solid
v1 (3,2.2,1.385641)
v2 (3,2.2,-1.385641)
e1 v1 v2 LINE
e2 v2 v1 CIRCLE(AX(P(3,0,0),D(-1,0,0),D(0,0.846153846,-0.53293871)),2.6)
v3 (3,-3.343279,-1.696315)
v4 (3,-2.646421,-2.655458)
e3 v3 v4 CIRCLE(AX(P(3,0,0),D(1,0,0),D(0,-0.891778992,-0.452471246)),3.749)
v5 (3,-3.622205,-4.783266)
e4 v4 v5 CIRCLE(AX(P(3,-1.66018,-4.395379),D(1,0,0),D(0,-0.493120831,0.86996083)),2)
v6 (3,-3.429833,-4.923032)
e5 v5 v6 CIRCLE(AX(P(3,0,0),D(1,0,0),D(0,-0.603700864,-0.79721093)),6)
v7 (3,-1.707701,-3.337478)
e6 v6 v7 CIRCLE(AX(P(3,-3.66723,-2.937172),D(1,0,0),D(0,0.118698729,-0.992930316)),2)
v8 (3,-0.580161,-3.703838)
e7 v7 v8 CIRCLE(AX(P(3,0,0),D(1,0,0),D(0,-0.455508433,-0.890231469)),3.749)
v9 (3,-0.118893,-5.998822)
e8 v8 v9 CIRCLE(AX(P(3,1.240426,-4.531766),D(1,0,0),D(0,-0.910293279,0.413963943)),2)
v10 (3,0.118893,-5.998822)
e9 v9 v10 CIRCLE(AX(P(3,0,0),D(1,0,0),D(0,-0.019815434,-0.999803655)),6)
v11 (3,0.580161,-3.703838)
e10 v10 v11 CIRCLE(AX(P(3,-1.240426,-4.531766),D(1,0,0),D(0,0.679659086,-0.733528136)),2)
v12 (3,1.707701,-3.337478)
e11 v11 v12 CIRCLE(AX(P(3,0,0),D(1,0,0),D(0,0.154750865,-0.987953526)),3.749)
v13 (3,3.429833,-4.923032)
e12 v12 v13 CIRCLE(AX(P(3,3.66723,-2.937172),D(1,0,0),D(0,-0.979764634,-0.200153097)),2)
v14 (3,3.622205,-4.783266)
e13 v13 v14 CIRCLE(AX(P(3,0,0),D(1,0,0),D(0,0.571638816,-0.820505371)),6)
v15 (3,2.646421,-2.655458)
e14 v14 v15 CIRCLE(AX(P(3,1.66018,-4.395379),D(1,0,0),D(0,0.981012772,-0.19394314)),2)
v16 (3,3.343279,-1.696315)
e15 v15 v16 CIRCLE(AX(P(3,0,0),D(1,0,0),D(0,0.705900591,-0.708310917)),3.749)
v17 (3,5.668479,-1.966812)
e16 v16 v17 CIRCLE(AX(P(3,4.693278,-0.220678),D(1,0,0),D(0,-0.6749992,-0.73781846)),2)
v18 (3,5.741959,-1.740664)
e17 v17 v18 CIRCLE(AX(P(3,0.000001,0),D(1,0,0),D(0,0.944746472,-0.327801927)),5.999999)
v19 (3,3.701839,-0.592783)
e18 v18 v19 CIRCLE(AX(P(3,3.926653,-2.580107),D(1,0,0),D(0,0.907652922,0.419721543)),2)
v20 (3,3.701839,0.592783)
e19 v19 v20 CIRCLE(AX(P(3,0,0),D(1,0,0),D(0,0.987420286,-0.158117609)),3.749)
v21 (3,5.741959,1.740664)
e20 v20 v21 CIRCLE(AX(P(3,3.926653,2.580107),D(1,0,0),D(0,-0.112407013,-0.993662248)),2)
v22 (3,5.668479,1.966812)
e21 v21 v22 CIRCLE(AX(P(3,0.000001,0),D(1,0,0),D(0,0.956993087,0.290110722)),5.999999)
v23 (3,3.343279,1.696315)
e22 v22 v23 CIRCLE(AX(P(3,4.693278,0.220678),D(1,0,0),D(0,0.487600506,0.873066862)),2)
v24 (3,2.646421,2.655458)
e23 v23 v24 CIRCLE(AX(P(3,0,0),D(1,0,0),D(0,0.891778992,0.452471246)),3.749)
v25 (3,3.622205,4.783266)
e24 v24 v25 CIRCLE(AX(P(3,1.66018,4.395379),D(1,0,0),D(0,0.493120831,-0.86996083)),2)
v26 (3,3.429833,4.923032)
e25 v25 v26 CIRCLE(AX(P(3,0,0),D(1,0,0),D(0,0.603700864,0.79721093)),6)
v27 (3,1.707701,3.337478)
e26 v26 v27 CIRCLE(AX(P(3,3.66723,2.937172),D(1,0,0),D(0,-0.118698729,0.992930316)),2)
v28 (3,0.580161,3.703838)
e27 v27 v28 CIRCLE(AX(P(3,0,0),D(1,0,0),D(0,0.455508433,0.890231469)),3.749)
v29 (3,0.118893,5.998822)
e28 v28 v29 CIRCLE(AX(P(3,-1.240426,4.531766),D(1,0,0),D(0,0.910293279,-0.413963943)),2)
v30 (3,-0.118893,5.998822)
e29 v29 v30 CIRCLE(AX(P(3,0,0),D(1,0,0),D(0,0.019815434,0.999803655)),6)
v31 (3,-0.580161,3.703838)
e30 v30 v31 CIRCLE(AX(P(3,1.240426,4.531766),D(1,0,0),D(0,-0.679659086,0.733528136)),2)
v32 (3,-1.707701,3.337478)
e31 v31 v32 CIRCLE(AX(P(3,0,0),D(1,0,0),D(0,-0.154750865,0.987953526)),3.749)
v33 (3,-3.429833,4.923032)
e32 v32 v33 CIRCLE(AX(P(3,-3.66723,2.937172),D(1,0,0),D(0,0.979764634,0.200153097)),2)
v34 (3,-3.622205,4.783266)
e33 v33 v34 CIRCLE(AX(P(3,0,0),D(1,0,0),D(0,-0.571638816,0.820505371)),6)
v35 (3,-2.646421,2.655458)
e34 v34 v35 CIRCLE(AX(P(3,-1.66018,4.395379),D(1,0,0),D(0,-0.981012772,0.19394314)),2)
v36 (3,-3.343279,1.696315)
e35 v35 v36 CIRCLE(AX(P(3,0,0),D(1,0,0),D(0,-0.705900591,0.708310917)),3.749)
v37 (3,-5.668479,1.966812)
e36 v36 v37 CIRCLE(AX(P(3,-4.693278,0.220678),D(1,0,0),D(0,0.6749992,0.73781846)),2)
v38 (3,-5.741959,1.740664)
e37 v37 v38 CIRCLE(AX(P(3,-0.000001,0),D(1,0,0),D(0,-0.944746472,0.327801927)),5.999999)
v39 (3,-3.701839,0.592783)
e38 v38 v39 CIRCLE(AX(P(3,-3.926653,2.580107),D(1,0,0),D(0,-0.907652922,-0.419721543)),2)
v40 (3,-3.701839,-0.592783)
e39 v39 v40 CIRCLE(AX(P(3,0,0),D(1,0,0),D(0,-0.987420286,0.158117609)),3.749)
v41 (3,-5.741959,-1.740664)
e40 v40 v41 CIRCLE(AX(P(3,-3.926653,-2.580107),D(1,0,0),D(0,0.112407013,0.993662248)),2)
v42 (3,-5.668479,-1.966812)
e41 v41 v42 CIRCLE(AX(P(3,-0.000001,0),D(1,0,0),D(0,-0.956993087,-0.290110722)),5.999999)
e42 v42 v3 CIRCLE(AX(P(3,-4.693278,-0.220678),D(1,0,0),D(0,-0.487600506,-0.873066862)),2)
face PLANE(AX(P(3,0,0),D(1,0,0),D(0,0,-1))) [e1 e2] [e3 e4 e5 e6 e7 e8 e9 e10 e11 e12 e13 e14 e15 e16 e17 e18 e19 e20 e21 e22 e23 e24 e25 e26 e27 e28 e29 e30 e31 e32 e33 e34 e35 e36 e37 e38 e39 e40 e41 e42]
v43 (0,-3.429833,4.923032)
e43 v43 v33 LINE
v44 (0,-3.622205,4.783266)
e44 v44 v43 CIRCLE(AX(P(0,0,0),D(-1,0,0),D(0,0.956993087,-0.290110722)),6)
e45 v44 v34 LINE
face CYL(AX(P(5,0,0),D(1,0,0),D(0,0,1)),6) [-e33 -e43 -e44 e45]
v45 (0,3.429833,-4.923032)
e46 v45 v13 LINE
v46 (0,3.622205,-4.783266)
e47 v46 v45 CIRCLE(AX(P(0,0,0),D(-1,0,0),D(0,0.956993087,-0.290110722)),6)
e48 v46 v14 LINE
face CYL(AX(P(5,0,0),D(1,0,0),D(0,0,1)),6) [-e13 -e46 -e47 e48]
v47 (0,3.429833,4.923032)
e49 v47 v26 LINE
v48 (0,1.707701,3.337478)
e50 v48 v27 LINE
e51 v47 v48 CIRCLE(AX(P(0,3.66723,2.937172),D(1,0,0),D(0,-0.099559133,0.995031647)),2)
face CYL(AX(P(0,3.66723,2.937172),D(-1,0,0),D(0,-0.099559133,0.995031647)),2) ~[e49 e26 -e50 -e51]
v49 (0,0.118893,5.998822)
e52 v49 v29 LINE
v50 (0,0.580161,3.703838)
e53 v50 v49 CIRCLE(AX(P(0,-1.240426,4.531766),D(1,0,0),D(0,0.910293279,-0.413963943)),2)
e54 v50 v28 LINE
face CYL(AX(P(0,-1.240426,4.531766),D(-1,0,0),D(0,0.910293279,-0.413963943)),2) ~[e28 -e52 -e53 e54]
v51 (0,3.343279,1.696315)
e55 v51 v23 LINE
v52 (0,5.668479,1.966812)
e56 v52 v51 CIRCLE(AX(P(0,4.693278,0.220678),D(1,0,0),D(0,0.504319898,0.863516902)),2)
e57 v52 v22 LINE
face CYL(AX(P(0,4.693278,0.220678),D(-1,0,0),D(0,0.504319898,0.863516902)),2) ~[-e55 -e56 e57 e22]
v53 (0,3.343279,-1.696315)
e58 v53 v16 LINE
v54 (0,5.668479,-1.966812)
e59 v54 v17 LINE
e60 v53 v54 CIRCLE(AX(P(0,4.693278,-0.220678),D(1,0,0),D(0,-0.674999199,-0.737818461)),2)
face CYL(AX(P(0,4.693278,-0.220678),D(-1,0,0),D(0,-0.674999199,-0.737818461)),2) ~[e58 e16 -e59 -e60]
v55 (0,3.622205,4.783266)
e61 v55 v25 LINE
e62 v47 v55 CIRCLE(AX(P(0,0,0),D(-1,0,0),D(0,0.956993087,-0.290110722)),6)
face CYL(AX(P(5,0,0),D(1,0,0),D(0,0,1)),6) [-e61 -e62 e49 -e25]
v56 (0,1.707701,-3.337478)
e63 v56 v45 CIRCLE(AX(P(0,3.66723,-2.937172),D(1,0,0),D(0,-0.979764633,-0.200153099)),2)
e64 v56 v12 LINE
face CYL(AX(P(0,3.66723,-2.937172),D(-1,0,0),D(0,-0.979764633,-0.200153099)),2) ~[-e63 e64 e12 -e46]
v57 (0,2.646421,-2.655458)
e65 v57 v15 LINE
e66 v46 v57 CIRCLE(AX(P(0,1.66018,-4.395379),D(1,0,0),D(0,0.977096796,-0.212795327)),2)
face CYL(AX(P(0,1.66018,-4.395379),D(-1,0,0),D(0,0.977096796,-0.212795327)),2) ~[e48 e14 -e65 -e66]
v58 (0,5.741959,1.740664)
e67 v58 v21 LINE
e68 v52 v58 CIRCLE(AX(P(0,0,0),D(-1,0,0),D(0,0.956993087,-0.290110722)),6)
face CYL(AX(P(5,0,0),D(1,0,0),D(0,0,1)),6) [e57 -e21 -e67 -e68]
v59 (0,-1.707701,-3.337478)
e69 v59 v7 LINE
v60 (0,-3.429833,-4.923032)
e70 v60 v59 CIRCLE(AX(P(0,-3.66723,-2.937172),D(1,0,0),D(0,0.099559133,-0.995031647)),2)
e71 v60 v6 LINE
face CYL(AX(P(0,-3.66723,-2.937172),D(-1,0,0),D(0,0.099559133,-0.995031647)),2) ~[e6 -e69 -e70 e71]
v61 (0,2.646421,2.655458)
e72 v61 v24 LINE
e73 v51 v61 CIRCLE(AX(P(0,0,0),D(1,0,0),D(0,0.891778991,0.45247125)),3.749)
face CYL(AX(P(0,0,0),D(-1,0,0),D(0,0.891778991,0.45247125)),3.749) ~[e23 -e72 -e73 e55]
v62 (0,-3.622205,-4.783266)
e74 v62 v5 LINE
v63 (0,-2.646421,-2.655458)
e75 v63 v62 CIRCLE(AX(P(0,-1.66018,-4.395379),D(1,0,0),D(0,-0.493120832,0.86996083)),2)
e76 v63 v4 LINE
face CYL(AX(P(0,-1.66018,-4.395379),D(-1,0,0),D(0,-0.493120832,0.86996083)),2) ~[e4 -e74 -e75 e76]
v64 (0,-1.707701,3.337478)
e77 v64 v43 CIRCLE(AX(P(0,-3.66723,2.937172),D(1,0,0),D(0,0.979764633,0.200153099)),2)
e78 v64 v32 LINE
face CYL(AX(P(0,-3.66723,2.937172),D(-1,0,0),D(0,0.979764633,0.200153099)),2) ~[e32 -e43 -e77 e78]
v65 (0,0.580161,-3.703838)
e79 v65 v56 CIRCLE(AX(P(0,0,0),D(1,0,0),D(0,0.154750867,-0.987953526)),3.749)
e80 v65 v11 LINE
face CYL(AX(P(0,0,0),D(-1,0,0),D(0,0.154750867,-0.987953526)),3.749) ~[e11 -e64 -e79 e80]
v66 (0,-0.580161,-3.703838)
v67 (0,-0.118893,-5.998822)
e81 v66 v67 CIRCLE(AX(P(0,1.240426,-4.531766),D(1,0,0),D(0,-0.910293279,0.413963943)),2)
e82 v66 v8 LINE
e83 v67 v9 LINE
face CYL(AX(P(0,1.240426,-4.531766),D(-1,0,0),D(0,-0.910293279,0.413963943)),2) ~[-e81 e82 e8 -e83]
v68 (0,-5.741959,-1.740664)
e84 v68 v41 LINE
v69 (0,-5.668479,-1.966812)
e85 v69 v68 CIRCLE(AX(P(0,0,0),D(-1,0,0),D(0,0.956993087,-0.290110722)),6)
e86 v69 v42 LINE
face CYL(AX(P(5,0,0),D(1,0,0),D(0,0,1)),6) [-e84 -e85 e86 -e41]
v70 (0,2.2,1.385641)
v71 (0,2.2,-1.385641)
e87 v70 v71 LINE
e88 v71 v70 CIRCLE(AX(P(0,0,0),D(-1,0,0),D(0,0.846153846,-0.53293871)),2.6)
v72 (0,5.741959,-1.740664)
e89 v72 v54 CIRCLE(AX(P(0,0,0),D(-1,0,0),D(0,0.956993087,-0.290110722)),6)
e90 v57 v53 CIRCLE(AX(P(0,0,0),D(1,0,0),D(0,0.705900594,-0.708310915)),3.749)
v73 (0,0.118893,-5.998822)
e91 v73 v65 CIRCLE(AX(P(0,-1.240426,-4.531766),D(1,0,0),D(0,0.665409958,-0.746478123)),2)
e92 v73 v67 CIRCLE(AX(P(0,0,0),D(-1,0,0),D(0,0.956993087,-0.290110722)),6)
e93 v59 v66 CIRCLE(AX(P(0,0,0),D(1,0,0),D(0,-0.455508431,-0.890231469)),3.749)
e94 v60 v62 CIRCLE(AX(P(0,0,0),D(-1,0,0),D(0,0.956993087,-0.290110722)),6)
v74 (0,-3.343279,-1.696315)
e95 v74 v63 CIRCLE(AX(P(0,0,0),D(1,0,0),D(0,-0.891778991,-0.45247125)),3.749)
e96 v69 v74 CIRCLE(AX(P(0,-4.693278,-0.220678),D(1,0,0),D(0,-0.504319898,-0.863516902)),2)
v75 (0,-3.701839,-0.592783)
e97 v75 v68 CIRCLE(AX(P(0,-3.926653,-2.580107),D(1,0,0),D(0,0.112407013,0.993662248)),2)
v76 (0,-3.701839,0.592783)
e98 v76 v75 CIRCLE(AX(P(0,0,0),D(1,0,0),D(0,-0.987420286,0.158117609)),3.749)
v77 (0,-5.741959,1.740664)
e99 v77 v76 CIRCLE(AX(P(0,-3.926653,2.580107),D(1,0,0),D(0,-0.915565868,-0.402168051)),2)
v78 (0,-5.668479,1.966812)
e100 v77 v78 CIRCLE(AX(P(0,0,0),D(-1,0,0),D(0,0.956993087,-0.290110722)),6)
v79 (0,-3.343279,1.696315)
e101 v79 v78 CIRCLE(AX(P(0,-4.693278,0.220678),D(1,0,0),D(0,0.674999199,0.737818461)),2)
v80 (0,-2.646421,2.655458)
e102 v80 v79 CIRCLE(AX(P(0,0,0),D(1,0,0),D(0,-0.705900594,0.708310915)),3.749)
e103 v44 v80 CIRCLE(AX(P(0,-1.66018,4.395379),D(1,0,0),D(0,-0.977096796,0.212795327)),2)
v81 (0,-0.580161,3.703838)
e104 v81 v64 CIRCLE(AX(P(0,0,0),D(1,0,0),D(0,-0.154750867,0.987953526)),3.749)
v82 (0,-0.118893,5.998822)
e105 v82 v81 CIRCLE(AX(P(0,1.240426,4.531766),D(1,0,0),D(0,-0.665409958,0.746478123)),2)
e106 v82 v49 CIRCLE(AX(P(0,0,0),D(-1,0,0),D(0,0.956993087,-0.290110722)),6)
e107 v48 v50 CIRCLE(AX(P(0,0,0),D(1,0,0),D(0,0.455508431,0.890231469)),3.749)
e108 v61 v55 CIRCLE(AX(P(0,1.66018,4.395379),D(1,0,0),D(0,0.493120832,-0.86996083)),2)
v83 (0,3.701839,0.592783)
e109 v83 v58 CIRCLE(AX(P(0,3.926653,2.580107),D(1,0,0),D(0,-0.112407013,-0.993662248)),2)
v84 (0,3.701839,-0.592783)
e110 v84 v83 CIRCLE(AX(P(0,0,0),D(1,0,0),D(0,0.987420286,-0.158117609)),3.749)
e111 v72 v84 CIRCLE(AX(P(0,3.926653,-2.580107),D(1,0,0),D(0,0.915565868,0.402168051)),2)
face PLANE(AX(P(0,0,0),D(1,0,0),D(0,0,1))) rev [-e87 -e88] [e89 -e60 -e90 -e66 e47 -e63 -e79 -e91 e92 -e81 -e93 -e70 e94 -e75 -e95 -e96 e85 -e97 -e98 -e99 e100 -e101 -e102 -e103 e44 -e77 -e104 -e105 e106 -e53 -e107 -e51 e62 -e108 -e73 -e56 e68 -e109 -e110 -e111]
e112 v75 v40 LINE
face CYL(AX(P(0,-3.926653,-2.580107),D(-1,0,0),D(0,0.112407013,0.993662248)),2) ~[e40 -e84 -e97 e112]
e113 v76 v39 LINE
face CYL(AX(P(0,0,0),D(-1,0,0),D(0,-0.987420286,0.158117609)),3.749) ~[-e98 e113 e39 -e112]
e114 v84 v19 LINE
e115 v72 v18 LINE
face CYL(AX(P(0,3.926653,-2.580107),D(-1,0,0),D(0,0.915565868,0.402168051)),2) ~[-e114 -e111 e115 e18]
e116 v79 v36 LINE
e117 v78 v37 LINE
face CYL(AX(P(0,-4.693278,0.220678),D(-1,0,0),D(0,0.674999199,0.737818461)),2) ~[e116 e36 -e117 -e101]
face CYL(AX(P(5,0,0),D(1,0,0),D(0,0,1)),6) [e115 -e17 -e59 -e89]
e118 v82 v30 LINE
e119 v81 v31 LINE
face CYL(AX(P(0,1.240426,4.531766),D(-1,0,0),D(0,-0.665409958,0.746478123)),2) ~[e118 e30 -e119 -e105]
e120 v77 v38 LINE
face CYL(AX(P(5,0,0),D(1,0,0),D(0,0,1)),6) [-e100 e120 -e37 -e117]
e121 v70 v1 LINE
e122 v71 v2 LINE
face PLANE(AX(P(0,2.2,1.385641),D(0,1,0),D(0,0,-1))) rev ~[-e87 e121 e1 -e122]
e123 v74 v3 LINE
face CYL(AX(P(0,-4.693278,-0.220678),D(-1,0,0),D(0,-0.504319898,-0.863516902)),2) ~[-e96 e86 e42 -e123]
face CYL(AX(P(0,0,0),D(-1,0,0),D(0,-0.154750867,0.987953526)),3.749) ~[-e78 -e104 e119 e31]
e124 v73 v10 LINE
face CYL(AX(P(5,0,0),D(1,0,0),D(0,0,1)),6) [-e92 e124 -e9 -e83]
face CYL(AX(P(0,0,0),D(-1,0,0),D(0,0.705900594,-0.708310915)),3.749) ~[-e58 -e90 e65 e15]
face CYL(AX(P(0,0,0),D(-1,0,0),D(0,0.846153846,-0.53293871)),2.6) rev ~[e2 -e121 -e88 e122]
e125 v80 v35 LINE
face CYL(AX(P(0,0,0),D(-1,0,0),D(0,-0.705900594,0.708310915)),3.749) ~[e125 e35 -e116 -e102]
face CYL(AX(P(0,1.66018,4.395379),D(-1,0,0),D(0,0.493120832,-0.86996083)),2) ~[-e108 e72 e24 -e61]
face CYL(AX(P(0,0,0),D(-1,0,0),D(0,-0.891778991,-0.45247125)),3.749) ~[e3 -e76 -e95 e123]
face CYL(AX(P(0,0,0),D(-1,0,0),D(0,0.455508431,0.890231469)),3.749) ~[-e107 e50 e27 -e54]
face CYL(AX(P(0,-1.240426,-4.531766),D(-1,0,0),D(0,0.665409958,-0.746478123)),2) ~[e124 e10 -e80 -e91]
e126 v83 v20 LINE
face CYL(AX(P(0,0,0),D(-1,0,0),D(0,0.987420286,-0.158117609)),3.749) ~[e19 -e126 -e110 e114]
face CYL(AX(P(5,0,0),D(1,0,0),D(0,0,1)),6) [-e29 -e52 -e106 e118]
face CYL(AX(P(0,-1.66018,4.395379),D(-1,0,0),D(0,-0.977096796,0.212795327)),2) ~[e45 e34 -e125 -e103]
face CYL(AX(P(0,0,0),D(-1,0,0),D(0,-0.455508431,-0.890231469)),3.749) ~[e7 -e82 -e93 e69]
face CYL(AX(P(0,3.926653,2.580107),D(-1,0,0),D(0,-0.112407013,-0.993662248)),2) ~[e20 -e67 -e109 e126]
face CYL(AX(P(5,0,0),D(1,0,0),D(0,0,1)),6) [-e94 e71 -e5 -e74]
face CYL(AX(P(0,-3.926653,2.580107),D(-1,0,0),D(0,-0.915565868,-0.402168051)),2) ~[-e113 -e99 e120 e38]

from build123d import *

# Parameters (mm, degrees)
BASPROSKE_W         = 10
BASPROSKE_H         = 6
TOOTHCUT_DEPTH      = 14.114877049
TEETHCUTS_COUNT     = 10
TEETHCUTS_ANGLE     = 324
BORSKE_R            = 2.5
BORE_DEPTH          = 50.0000508
SKETCH1_R           = 2.5
BOSS_EXTRUDE1_DEPTH = 10
CUT_EXTRUDE2_DEPTH  = 10
CUT_EXTRUDE4_DEPTH  = 12.8
CUT_EXTRUDE5_DEPTH  = 7


with BuildPart() as part:
    # BasProSke → Base-Revolve (revolve)
    with BuildSketch(Plane(origin=(0, 0, 0), x_dir=(1, 0, 0), z_dir=(0, 1, 0)), mode=Mode.PRIVATE) as base_revolve_sk:
        with Locations((5, 3)):
            Rectangle(BASPROSKE_W, BASPROSKE_H)
    revolve(base_revolve_sk.sketch.rotate(Axis((-10, 0, 0), (1, 0, 0)), 180), axis=Axis((-10, 0, 0), (1, 0, 0)))

    # TooCutSke → ToothCut (cut, through all)
    with BuildSketch(Plane(origin=(0, 0, 0), x_dir=(0, 0, -1), z_dir=(1, 0, 0))):
        with BuildLine():
            ThreePointArc((0.59278292, 3.701838653), (0, 3.749), (-0.59278292, 3.701838653))
            ThreePointArc((-0.59278292, 3.701838653), (-0.846593509, 4.924114224), (-1.775771316, 5.757784417))
            ThreePointArc((-1.775771316, 5.757784417), (0, 6.0254), (1.775771316, 5.757784417))
            ThreePointArc((1.775771316, 5.757784417), (0.846593509, 4.924114224), (0.59278292, 3.701838653))
        make_face()
    toothcut = extrude(amount=TOOTHCUT_DEPTH, mode=Mode.SUBTRACT)

    # TeethCuts: ToothCut ×10 about axis
    teethcuts_axis = Axis((-10, 0, 0), (1, 0, 0))
    for i in range(1, TEETHCUTS_COUNT):
        add(toothcut.rotate(teethcuts_axis, i * TEETHCUTS_ANGLE / (TEETHCUTS_COUNT - 1)), mode=Mode.SUBTRACT)

    # BorSke → Bore (cut, symmetric)
    with BuildSketch(Plane(origin=(0, 0, 0), x_dir=(0, 0, -1), z_dir=(1, 0, 0))):
        with Locations(Location((0, 0, 0), (0, 0, 180))):
            Circle(BORSKE_R)
    extrude(amount=BORE_DEPTH, both=True, mode=Mode.SUBTRACT)

    # Sketch1 → Boss-Extrude1 (add)
    with BuildSketch(Plane(origin=(10, 0, 0), x_dir=(0, 0, -1), z_dir=(1, 0, 0))):
        Circle(SKETCH1_R)
    extrude(amount=-BOSS_EXTRUDE1_DEPTH)

    # Sketch2 → Cut-Extrude2 (cut)
    with BuildSketch(Plane.ZY):
        with BuildLine():
            Line((1.187434209, 2.2), (-1.187434209, 2.2))
            ThreePointArc((-1.187434209, 2.2), (-1.280900948, -2.146926352), (2.5, 0))
            ThreePointArc((2.5, 0), (2.146926352, 1.280900948), (1.187434209, 2.2))
        make_face()
    extrude(amount=-CUT_EXTRUDE2_DEPTH, mode=Mode.SUBTRACT)

    # Sketch3 → Cut-Extrude4 (cut)
    with BuildSketch(Plane.ZY):
        with BuildLine():
            ThreePointArc((-1.385640646, 2.2), (0, -2.6), (1.385640646, 2.2))
            Line((1.385640646, 2.2), (-1.385640646, 2.2))
        make_face()
    extrude(amount=-CUT_EXTRUDE4_DEPTH, mode=Mode.SUBTRACT)

    # Sketch4 → Cut-Extrude5 (cut)
    with BuildSketch(Plane(origin=(10, 0, 0), x_dir=(0, 0, -1), z_dir=(1, 0, 0))):
        with BuildLine():
            ThreePointArc((5.99882193, 0.11889261), (4.925863873, 0.720361677), (3.703837769, 0.580160996))
            ThreePointArc((3.703837769, 0.580160996), (3.56551088, 1.158504712), (3.337477777, 1.707701113))
            ThreePointArc((3.337477777, 1.707701113), (4.408525556, 2.3125653), (4.92303221, 3.429832919))
            ThreePointArc((4.92303221, 3.429832919), (4.854101966, 3.526711514), (4.783265565, 3.622205204))
            ThreePointArc((4.783265565, 3.622205204), (3.561689615, 3.478134978), (2.655457622, 2.646421322))
            ThreePointArc((2.655457622, 2.646421322), (2.203606911, 3.033004712), (1.69631471, 3.343279438))
            ThreePointArc((1.69631471, 3.343279438), (2.207280316, 4.462170935), (1.966811514, 5.668478849))
            ThreePointArc((1.966811514, 5.668478849), (1.854101966, 5.706339098), (1.740664331, 5.741958524))
            ThreePointArc((1.740664331, 5.741958524), (0.837070982, 4.907378935), (0.59278292, 3.701838653))
            ThreePointArc((0.59278292, 3.701838653), (0, 3.749), (-0.59278292, 3.701838653))
            ThreePointArc((-0.59278292, 3.701838653), (-0.837070982, 4.907378935), (-1.740664331, 5.741958524))
            ThreePointArc((-1.740664331, 5.741958524), (-1.854101966, 5.706339098), (-1.966811514, 5.668478849))
            ThreePointArc((-1.966811514, 5.668478849), (-2.207280316, 4.462170935), (-1.69631471, 3.343279438))
            ThreePointArc((-1.69631471, 3.343279438), (-2.203606911, 3.033004712), (-2.655457622, 2.646421322))
            ThreePointArc((-2.655457622, 2.646421322), (-3.561689615, 3.478134978), (-4.783265565, 3.622205204))
            ThreePointArc((-4.783265565, 3.622205204), (-4.854101966, 3.526711514), (-4.92303221, 3.429832919))
            ThreePointArc((-4.92303221, 3.429832919), (-4.408525556, 2.3125653), (-3.337477777, 1.707701113))
            ThreePointArc((-3.337477777, 1.707701113), (-3.56551088, 1.158504712), (-3.703837769, 0.580160996))
            ThreePointArc((-3.703837769, 0.580160996), (-4.925863873, 0.720361677), (-5.99882193, 0.11889261))
            ThreePointArc((-5.99882193, 0.11889261), (-6, 0), (-5.99882193, -0.11889261))
            ThreePointArc((-5.99882193, -0.11889261), (-4.925863873, -0.720361677), (-3.703837769, -0.580160996))
            ThreePointArc((-3.703837769, -0.580160996), (-3.56551088, -1.158504712), (-3.337477777, -1.707701113))
            ThreePointArc((-3.337477777, -1.707701113), (-4.408525556, -2.3125653), (-4.92303221, -3.429832919))
            ThreePointArc((-4.92303221, -3.429832919), (-4.854101966, -3.526711514), (-4.783265565, -3.622205204))
            ThreePointArc((-4.783265565, -3.622205204), (-3.561689615, -3.478134978), (-2.655457622, -2.646421322))
            ThreePointArc((-2.655457622, -2.646421322), (-2.203606911, -3.033004712), (-1.69631471, -3.343279438))
            ThreePointArc((-1.69631471, -3.343279438), (-2.207280316, -4.462170935), (-1.966811514, -5.668478849))
            ThreePointArc((-1.966811514, -5.668478849), (-1.854101966, -5.706339098), (-1.740664331, -5.741958524))
            ThreePointArc((-1.740664331, -5.741958524), (-0.837070982, -4.907378935), (-0.59278292, -3.701838653))
            ThreePointArc((-0.59278292, -3.701838653), (0, -3.749), (0.59278292, -3.701838653))
            ThreePointArc((0.59278292, -3.701838653), (0.837070982, -4.907378935), (1.740664331, -5.741958524))
            ThreePointArc((1.740664331, -5.741958524), (1.854101966, -5.706339098), (1.966811514, -5.668478849))
            ThreePointArc((1.966811514, -5.668478849), (2.207280316, -4.462170935), (1.69631471, -3.343279438))
            ThreePointArc((1.69631471, -3.343279438), (2.203606911, -3.033004712), (2.655457622, -2.646421322))
            ThreePointArc((2.655457622, -2.646421322), (3.561689615, -3.478134978), (4.783265565, -3.622205204))
            ThreePointArc((4.783265565, -3.622205204), (4.854101966, -3.526711514), (4.92303221, -3.429832919))
            ThreePointArc((4.92303221, -3.429832919), (4.408525556, -2.3125653), (3.337477777, -1.707701113))
            ThreePointArc((3.337477777, -1.707701113), (3.56551088, -1.158504712), (3.703837769, -0.580160996))
            ThreePointArc((3.703837769, -0.580160996), (4.925863873, -0.720361677), (5.99882193, -0.11889261))
            ThreePointArc((5.99882193, -0.11889261), (6, 0), (5.99882193, 0.11889261))
        make_face()
    extrude(amount=-CUT_EXTRUDE5_DEPTH, mode=Mode.SUBTRACT)


solid = part.part
